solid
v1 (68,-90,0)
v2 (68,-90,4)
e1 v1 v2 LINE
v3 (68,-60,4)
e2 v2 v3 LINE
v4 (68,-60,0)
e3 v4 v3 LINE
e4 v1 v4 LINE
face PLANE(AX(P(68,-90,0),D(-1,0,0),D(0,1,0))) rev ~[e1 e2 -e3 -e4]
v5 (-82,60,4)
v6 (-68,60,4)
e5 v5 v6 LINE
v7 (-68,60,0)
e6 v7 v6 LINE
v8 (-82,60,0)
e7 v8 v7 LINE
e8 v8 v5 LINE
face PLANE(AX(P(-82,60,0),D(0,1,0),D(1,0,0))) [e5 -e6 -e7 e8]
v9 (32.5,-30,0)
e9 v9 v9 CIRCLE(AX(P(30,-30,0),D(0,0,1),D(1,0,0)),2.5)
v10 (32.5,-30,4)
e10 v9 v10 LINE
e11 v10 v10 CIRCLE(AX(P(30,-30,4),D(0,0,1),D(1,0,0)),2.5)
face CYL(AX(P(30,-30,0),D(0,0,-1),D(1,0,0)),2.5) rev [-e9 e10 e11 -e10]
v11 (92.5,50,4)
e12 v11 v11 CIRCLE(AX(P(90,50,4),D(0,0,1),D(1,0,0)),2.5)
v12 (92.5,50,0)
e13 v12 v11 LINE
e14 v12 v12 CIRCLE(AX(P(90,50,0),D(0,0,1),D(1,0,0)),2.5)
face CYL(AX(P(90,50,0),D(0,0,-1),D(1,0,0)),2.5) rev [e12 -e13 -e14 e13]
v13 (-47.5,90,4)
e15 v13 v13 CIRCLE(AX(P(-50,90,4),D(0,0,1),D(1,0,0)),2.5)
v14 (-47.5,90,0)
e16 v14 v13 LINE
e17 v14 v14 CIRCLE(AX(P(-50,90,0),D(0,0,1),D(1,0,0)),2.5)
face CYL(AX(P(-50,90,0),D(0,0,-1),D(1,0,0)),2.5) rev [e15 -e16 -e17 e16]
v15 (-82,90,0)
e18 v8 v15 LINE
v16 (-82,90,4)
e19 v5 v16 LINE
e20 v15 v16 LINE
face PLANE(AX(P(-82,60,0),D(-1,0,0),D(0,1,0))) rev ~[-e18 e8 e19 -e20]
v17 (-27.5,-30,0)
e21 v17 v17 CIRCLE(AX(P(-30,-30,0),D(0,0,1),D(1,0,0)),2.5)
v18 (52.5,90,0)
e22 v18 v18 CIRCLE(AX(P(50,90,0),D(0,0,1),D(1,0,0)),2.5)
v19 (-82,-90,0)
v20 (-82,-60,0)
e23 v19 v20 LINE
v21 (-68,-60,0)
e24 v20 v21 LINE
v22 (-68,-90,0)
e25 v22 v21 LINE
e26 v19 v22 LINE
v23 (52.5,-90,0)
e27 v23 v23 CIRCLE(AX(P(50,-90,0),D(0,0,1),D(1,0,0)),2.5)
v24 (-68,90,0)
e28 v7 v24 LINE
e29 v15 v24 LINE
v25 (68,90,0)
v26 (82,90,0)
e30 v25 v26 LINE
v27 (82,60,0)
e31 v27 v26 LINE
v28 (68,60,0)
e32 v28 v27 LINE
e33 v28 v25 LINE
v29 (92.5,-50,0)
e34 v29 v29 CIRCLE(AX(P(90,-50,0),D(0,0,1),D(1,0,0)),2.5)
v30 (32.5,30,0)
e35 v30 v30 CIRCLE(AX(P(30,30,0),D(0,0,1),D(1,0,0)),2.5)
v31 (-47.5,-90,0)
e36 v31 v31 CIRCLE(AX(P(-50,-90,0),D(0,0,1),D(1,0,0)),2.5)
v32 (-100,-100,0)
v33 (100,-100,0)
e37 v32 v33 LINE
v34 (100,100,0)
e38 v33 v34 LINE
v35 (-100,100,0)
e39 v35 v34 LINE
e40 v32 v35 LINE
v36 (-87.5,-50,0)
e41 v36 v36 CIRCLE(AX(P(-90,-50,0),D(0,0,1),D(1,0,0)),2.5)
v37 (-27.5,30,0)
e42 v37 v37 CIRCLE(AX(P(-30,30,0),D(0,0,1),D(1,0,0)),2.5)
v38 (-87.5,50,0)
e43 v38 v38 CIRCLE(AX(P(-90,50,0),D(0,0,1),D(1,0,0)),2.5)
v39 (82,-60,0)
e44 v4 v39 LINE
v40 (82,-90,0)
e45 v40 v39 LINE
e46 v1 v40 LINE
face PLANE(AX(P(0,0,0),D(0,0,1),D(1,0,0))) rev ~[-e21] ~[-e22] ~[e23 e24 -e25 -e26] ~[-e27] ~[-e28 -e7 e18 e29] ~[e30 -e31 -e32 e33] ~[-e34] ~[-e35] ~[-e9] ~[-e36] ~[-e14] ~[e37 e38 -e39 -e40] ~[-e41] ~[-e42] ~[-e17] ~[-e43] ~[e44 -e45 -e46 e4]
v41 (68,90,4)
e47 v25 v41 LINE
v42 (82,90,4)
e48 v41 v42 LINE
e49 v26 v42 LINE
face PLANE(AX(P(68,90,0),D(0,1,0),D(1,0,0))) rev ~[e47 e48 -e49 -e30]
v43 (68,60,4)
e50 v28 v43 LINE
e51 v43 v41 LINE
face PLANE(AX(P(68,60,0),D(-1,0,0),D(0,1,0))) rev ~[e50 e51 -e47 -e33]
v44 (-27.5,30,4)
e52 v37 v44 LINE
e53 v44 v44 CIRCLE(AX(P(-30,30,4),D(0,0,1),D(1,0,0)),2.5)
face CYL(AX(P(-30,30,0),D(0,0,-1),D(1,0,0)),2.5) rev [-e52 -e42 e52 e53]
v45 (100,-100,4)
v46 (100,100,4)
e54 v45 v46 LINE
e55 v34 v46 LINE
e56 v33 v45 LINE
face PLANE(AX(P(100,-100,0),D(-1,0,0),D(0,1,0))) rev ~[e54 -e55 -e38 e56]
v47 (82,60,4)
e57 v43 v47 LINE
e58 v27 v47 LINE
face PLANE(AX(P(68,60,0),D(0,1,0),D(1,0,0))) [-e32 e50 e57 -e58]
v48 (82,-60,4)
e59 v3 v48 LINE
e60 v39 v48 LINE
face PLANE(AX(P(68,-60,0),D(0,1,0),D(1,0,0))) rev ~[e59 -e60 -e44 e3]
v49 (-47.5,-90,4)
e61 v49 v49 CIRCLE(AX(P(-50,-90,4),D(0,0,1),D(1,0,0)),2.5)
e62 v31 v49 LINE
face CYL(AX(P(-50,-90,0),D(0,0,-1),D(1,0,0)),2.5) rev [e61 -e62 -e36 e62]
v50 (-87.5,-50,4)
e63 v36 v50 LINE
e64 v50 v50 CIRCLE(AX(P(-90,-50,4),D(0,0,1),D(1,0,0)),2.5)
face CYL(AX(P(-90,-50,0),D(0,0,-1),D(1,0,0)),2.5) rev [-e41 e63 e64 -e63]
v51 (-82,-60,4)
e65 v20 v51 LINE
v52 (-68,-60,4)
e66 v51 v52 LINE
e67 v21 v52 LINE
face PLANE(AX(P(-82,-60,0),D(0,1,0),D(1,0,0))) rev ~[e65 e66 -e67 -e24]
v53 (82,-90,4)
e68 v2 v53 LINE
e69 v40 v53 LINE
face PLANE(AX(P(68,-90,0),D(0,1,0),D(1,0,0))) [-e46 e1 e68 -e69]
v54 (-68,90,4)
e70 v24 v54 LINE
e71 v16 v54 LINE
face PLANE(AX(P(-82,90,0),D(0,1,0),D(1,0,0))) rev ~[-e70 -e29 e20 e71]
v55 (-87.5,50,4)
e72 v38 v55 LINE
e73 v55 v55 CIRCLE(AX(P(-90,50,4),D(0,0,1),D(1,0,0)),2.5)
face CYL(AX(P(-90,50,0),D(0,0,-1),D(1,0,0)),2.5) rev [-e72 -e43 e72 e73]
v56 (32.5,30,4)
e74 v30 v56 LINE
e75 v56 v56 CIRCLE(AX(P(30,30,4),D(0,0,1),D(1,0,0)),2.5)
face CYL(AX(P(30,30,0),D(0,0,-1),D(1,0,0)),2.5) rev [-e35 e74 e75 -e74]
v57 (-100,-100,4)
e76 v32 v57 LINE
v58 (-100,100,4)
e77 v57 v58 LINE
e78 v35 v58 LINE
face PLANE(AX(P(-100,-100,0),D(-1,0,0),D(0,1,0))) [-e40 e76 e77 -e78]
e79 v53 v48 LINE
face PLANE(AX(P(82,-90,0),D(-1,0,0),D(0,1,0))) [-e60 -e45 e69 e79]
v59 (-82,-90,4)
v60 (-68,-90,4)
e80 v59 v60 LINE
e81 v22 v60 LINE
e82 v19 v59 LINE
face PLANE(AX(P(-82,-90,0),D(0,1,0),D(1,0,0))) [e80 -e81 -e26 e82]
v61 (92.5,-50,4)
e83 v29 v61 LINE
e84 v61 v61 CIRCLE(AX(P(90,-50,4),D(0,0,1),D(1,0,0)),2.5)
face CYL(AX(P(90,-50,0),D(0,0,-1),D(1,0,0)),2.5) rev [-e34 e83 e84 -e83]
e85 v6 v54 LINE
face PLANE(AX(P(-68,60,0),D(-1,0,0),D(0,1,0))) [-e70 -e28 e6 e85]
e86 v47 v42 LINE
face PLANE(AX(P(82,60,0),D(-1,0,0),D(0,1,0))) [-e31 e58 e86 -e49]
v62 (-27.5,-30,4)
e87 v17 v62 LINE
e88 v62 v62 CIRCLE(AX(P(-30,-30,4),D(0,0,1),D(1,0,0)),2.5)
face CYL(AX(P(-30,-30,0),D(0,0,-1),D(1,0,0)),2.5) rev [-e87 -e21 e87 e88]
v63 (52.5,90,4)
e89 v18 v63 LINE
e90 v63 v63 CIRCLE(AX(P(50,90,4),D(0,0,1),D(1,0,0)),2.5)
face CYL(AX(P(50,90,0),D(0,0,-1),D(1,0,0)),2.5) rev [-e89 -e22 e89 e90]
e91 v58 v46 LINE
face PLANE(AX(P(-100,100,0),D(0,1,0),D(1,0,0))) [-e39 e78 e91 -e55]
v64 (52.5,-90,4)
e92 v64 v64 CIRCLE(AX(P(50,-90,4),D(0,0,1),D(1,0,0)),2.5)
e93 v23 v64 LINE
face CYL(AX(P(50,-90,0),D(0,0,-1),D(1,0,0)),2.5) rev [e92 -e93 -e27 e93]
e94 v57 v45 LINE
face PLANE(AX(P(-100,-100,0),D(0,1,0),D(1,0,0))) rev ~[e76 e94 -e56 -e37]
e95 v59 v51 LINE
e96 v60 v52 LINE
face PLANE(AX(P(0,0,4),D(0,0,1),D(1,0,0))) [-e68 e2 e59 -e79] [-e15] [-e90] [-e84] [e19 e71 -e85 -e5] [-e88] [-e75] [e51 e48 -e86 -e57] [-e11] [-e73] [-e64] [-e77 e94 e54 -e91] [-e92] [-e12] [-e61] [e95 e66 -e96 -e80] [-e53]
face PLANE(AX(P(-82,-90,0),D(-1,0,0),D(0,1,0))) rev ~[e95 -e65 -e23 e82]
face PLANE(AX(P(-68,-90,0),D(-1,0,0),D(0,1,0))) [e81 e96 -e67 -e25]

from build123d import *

# Parameters (mm, degrees)
F0_W     = 200
F0_H     = 200
F0_W_2   = 14
F0_H_2   = 30
F0_R     = 2.5
F1_DEPTH = 4


with BuildPart() as f1:
    # F0 (on Top) → F1 (new body)
    with BuildSketch(Plane.XY):
        Rectangle(F0_W, F0_H)
        with Locations((-75, -75)):
            Rectangle(F0_W_2, F0_H_2, mode=Mode.SUBTRACT)
        with Locations((-50, -90)):
            Circle(F0_R, mode=Mode.SUBTRACT)
        with Locations((-90, -50)):
            Circle(F0_R, mode=Mode.SUBTRACT)
        with Locations((-30, -30)):
            Circle(F0_R, mode=Mode.SUBTRACT)
        with Locations((50, -90)):
            Circle(F0_R, mode=Mode.SUBTRACT)
        with Locations((75, -75)):
            Rectangle(F0_W_2, F0_H_2, mode=Mode.SUBTRACT)
        with Locations((30, -30)):
            Circle(F0_R, mode=Mode.SUBTRACT)
        with Locations((90, -50)):
            Circle(F0_R, mode=Mode.SUBTRACT)
        with Locations((-30, 30)):
            Circle(F0_R, mode=Mode.SUBTRACT)
        with Locations((-90, 50)):
            Circle(F0_R, mode=Mode.SUBTRACT)
        with Locations((-75, 75)):
            Rectangle(F0_W_2, F0_H_2, mode=Mode.SUBTRACT)
        with Locations((-50, 90)):
            Circle(F0_R, mode=Mode.SUBTRACT)
        with Locations((30, 30)):
            Circle(F0_R, mode=Mode.SUBTRACT)
        with Locations((90, 50)):
            Circle(F0_R, mode=Mode.SUBTRACT)
        with Locations((50, 90)):
            Circle(F0_R, mode=Mode.SUBTRACT)
        with Locations((75, 75)):
            Rectangle(F0_W_2, F0_H_2, mode=Mode.SUBTRACT)
    extrude(amount=F1_DEPTH)


solid = f1.part
